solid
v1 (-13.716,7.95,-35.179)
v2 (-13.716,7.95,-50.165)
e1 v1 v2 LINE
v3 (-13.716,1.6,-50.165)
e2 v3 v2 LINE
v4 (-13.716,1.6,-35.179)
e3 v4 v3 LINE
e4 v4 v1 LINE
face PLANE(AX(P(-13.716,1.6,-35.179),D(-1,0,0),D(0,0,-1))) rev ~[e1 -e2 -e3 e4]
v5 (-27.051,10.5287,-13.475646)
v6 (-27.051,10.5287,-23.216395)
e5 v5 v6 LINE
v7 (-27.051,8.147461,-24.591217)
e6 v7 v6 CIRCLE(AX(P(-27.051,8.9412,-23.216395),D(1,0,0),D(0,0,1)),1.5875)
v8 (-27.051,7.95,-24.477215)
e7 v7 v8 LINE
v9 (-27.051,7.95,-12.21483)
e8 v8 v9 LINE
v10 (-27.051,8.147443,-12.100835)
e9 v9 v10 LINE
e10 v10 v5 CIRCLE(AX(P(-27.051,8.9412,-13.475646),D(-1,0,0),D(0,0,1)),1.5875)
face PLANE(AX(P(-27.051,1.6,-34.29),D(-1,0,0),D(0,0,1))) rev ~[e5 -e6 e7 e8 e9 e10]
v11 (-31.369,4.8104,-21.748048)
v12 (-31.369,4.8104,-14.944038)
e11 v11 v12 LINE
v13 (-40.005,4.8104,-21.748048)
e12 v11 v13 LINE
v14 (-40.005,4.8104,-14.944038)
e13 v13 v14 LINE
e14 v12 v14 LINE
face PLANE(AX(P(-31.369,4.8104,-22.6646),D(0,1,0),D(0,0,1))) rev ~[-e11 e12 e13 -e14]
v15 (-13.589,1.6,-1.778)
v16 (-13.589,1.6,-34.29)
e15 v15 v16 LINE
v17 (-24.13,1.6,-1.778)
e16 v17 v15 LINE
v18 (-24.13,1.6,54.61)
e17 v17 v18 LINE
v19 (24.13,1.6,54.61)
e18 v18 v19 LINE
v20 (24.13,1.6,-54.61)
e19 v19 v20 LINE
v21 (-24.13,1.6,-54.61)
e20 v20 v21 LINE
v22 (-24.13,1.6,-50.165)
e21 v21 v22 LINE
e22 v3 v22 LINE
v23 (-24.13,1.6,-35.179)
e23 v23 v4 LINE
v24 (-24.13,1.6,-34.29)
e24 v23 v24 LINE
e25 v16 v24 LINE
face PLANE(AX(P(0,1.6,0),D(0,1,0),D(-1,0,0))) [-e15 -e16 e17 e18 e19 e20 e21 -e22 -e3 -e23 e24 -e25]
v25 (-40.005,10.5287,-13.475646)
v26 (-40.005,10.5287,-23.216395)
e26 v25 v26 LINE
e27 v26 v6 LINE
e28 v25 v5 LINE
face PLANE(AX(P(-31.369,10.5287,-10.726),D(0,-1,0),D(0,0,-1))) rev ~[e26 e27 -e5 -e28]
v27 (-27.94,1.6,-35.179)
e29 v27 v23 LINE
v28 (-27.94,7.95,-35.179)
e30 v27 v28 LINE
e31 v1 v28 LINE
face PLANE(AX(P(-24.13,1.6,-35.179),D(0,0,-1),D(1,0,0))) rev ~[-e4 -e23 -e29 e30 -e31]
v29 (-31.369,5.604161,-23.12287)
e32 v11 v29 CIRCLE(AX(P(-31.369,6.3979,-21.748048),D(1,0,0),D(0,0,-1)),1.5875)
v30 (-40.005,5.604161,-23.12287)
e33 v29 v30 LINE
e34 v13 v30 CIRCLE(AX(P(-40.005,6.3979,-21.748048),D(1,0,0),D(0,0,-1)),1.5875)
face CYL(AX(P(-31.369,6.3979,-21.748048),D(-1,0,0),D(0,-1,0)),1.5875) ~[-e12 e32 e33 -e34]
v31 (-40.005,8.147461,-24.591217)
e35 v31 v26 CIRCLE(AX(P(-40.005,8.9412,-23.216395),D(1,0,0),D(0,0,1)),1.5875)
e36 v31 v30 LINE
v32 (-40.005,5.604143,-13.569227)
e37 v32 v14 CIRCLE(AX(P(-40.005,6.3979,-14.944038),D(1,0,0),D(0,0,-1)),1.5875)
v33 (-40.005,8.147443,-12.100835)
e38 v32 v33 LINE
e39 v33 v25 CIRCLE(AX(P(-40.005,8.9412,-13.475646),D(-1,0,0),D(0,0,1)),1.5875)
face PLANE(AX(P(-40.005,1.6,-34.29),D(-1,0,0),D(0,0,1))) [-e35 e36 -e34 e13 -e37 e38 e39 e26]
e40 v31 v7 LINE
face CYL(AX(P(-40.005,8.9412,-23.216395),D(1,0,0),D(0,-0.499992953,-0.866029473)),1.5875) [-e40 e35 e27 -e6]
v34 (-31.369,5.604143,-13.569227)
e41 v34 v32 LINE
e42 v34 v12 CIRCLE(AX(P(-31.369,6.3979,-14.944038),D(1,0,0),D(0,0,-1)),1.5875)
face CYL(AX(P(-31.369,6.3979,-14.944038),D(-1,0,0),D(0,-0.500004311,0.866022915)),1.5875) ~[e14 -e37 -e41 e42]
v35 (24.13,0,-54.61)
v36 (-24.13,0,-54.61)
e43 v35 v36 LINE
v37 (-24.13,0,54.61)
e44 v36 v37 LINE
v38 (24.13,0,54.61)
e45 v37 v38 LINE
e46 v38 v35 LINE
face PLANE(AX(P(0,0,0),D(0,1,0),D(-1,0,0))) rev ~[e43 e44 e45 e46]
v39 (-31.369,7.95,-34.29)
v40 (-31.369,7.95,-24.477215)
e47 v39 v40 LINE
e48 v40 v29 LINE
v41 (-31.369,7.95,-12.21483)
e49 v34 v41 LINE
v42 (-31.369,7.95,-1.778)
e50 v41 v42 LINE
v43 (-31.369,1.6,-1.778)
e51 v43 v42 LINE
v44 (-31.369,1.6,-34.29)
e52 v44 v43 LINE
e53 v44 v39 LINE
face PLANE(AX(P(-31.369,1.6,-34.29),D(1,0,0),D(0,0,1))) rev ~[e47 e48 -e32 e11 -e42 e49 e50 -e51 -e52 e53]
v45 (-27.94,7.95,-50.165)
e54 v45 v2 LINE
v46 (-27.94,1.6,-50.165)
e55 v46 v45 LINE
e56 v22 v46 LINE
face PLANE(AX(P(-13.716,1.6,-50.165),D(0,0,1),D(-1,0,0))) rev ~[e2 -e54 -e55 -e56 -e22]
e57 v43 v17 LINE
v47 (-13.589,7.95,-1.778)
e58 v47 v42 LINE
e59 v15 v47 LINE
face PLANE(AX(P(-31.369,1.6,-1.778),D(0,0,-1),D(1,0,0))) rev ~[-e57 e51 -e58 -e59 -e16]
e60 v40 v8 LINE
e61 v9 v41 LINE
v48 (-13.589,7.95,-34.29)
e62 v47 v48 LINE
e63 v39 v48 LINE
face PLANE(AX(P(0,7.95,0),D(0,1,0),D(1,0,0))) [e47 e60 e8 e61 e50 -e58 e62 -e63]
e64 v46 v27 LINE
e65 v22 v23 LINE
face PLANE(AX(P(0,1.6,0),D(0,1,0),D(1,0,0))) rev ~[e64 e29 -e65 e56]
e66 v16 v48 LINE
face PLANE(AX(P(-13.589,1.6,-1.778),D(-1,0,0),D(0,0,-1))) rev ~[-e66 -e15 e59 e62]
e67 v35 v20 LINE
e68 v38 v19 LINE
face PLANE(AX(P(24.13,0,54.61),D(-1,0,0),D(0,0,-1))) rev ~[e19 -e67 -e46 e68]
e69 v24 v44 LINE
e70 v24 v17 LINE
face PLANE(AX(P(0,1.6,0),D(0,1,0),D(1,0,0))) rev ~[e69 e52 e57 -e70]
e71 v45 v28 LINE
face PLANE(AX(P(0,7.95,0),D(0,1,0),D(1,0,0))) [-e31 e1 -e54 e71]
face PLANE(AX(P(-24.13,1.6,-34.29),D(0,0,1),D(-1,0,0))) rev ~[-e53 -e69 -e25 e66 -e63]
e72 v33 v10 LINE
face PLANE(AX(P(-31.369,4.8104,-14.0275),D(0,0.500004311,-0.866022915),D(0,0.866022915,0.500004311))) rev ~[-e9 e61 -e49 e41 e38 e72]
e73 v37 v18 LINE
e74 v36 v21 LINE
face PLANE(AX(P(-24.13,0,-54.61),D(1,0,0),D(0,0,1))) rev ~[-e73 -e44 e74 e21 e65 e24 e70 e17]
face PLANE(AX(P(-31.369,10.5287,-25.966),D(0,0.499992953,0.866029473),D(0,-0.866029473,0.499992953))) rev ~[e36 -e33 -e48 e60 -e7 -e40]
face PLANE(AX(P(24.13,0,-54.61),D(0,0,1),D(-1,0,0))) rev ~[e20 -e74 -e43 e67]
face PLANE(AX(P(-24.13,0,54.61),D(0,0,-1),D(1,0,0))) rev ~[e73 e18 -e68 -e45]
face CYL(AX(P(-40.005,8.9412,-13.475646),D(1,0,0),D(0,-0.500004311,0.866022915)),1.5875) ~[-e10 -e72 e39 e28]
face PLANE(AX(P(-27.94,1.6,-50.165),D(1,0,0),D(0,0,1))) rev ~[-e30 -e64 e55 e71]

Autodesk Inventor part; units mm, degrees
ref_plane "YZ Plane" through (0, 0, 0) normal (1, 0, 0) x (0, 1, 0)
ref_plane "XZ Plane" through (0, 0, 0) normal (0, 1, 0) x (-1, 0, 0)
ref_plane "XY Plane" through (0, 0, 0) normal (0, 0, 1) x (1, 0, 0)
sketch "Sketch1" plane through (0, 0, 0) normal (0, 1, 0) x (-1, 0, 0)
  line L0 (24.13, 54.61) -> (-24.13, 54.61)
  line L1 (-24.13, 54.61) -> (-24.13, -54.61)
  line L2 (-24.13, -54.61) -> (24.13, -54.61)
  line L3 (24.13, -54.61) -> (24.13, 54.61)
  point P0 (0, 0)
  dimension "d0" = 109.22
  dimension "d1" = 48.26
  dimension "d4" = 24.13
  dimension "d5" = 54.61
extrude "Extrusion1" add sketch "Sketch1" along normal blind 1.6
sketch "Sketch2" plane through (0, 1.6, 0) normal (0, 1, 0) x (1, 0, 0)
  line L0 (-13.716, 50.165) -> (-27.94, 50.165)
  line L1 (-27.94, 50.165) -> (-27.94, 35.179)
  line L2 (-27.94, 35.179) -> (-13.716, 35.179)
  line L3 (-13.716, 35.179) -> (-13.716, 50.165)
  line L4 (-24.13, 54.61) -> (-24.13, -54.61) projected
  line L5 (24.13, 54.61) -> (-24.13, 54.61) projected
  point P0 (0, 0)
  dimension "d6" = 14.224
  dimension "d7" = 14.986
  dimension "d8" = 3.81
  dimension "d9" = 4.445
extrude "Extrusion2" add sketch "Sketch2" along normal blind 6.35
sketch "Sketch3" plane through (0, 1.6, 0) normal (0, 1, 0) x (1, 0, 0)
  line L0 (-31.369, 1.778) -> (-13.589, 1.778)
  line L1 (-13.589, 1.778) -> (-13.589, 34.29)
  line L2 (-13.589, 34.29) -> (-31.369, 34.29)
  line L3 (-31.369, 34.29) -> (-31.369, 1.778)
  line L4 (24.13, 54.61) -> (-24.13, 54.61) projected
  line L5 (-24.13, 35.179) -> (-24.13, -54.61) projected
  point P0 (0, 0)
  dimension "d12" = 32.512
  dimension "d13" = 17.78
  dimension "d14" = 20.32
  dimension "d15" = 7.239
extrude "Extrusion3" add sketch "Sketch3" along normal blind 6.35
sketch "Sketch4" plane through (-31.369, 1.6, -34.29) normal (-1, 0, 0) x (0, 0, 1)
  line L0 (11.6254, 3.2104) -> (20.2625, 3.2104)
  line L1 (20.2625, 3.2104) -> (23.564, 8.9287)
  line L2 (23.564, 8.9287) -> (8.324, 8.9287)
  line L3 (8.324, 8.9287) -> (11.6254, 3.2104)
  point P0 (34.29, -1.6)
  dimension "d18" = 120
  dimension "d19" = 120
  dimension "d20" = 15.24
extrude "Extrusion4" add sketch "Sketch4" along normal blind 8.636 and the other way blind 4.318
fillet "Fillet1" radius 1.5875 4 edges at (-33.528, 10.5287, -25.966) (-33.528, 10.5287, -10.726) (-35.687, 4.8104, -22.6646) (-35.687, 4.8104, -14.0275)
properties part number "ControlBoard"
